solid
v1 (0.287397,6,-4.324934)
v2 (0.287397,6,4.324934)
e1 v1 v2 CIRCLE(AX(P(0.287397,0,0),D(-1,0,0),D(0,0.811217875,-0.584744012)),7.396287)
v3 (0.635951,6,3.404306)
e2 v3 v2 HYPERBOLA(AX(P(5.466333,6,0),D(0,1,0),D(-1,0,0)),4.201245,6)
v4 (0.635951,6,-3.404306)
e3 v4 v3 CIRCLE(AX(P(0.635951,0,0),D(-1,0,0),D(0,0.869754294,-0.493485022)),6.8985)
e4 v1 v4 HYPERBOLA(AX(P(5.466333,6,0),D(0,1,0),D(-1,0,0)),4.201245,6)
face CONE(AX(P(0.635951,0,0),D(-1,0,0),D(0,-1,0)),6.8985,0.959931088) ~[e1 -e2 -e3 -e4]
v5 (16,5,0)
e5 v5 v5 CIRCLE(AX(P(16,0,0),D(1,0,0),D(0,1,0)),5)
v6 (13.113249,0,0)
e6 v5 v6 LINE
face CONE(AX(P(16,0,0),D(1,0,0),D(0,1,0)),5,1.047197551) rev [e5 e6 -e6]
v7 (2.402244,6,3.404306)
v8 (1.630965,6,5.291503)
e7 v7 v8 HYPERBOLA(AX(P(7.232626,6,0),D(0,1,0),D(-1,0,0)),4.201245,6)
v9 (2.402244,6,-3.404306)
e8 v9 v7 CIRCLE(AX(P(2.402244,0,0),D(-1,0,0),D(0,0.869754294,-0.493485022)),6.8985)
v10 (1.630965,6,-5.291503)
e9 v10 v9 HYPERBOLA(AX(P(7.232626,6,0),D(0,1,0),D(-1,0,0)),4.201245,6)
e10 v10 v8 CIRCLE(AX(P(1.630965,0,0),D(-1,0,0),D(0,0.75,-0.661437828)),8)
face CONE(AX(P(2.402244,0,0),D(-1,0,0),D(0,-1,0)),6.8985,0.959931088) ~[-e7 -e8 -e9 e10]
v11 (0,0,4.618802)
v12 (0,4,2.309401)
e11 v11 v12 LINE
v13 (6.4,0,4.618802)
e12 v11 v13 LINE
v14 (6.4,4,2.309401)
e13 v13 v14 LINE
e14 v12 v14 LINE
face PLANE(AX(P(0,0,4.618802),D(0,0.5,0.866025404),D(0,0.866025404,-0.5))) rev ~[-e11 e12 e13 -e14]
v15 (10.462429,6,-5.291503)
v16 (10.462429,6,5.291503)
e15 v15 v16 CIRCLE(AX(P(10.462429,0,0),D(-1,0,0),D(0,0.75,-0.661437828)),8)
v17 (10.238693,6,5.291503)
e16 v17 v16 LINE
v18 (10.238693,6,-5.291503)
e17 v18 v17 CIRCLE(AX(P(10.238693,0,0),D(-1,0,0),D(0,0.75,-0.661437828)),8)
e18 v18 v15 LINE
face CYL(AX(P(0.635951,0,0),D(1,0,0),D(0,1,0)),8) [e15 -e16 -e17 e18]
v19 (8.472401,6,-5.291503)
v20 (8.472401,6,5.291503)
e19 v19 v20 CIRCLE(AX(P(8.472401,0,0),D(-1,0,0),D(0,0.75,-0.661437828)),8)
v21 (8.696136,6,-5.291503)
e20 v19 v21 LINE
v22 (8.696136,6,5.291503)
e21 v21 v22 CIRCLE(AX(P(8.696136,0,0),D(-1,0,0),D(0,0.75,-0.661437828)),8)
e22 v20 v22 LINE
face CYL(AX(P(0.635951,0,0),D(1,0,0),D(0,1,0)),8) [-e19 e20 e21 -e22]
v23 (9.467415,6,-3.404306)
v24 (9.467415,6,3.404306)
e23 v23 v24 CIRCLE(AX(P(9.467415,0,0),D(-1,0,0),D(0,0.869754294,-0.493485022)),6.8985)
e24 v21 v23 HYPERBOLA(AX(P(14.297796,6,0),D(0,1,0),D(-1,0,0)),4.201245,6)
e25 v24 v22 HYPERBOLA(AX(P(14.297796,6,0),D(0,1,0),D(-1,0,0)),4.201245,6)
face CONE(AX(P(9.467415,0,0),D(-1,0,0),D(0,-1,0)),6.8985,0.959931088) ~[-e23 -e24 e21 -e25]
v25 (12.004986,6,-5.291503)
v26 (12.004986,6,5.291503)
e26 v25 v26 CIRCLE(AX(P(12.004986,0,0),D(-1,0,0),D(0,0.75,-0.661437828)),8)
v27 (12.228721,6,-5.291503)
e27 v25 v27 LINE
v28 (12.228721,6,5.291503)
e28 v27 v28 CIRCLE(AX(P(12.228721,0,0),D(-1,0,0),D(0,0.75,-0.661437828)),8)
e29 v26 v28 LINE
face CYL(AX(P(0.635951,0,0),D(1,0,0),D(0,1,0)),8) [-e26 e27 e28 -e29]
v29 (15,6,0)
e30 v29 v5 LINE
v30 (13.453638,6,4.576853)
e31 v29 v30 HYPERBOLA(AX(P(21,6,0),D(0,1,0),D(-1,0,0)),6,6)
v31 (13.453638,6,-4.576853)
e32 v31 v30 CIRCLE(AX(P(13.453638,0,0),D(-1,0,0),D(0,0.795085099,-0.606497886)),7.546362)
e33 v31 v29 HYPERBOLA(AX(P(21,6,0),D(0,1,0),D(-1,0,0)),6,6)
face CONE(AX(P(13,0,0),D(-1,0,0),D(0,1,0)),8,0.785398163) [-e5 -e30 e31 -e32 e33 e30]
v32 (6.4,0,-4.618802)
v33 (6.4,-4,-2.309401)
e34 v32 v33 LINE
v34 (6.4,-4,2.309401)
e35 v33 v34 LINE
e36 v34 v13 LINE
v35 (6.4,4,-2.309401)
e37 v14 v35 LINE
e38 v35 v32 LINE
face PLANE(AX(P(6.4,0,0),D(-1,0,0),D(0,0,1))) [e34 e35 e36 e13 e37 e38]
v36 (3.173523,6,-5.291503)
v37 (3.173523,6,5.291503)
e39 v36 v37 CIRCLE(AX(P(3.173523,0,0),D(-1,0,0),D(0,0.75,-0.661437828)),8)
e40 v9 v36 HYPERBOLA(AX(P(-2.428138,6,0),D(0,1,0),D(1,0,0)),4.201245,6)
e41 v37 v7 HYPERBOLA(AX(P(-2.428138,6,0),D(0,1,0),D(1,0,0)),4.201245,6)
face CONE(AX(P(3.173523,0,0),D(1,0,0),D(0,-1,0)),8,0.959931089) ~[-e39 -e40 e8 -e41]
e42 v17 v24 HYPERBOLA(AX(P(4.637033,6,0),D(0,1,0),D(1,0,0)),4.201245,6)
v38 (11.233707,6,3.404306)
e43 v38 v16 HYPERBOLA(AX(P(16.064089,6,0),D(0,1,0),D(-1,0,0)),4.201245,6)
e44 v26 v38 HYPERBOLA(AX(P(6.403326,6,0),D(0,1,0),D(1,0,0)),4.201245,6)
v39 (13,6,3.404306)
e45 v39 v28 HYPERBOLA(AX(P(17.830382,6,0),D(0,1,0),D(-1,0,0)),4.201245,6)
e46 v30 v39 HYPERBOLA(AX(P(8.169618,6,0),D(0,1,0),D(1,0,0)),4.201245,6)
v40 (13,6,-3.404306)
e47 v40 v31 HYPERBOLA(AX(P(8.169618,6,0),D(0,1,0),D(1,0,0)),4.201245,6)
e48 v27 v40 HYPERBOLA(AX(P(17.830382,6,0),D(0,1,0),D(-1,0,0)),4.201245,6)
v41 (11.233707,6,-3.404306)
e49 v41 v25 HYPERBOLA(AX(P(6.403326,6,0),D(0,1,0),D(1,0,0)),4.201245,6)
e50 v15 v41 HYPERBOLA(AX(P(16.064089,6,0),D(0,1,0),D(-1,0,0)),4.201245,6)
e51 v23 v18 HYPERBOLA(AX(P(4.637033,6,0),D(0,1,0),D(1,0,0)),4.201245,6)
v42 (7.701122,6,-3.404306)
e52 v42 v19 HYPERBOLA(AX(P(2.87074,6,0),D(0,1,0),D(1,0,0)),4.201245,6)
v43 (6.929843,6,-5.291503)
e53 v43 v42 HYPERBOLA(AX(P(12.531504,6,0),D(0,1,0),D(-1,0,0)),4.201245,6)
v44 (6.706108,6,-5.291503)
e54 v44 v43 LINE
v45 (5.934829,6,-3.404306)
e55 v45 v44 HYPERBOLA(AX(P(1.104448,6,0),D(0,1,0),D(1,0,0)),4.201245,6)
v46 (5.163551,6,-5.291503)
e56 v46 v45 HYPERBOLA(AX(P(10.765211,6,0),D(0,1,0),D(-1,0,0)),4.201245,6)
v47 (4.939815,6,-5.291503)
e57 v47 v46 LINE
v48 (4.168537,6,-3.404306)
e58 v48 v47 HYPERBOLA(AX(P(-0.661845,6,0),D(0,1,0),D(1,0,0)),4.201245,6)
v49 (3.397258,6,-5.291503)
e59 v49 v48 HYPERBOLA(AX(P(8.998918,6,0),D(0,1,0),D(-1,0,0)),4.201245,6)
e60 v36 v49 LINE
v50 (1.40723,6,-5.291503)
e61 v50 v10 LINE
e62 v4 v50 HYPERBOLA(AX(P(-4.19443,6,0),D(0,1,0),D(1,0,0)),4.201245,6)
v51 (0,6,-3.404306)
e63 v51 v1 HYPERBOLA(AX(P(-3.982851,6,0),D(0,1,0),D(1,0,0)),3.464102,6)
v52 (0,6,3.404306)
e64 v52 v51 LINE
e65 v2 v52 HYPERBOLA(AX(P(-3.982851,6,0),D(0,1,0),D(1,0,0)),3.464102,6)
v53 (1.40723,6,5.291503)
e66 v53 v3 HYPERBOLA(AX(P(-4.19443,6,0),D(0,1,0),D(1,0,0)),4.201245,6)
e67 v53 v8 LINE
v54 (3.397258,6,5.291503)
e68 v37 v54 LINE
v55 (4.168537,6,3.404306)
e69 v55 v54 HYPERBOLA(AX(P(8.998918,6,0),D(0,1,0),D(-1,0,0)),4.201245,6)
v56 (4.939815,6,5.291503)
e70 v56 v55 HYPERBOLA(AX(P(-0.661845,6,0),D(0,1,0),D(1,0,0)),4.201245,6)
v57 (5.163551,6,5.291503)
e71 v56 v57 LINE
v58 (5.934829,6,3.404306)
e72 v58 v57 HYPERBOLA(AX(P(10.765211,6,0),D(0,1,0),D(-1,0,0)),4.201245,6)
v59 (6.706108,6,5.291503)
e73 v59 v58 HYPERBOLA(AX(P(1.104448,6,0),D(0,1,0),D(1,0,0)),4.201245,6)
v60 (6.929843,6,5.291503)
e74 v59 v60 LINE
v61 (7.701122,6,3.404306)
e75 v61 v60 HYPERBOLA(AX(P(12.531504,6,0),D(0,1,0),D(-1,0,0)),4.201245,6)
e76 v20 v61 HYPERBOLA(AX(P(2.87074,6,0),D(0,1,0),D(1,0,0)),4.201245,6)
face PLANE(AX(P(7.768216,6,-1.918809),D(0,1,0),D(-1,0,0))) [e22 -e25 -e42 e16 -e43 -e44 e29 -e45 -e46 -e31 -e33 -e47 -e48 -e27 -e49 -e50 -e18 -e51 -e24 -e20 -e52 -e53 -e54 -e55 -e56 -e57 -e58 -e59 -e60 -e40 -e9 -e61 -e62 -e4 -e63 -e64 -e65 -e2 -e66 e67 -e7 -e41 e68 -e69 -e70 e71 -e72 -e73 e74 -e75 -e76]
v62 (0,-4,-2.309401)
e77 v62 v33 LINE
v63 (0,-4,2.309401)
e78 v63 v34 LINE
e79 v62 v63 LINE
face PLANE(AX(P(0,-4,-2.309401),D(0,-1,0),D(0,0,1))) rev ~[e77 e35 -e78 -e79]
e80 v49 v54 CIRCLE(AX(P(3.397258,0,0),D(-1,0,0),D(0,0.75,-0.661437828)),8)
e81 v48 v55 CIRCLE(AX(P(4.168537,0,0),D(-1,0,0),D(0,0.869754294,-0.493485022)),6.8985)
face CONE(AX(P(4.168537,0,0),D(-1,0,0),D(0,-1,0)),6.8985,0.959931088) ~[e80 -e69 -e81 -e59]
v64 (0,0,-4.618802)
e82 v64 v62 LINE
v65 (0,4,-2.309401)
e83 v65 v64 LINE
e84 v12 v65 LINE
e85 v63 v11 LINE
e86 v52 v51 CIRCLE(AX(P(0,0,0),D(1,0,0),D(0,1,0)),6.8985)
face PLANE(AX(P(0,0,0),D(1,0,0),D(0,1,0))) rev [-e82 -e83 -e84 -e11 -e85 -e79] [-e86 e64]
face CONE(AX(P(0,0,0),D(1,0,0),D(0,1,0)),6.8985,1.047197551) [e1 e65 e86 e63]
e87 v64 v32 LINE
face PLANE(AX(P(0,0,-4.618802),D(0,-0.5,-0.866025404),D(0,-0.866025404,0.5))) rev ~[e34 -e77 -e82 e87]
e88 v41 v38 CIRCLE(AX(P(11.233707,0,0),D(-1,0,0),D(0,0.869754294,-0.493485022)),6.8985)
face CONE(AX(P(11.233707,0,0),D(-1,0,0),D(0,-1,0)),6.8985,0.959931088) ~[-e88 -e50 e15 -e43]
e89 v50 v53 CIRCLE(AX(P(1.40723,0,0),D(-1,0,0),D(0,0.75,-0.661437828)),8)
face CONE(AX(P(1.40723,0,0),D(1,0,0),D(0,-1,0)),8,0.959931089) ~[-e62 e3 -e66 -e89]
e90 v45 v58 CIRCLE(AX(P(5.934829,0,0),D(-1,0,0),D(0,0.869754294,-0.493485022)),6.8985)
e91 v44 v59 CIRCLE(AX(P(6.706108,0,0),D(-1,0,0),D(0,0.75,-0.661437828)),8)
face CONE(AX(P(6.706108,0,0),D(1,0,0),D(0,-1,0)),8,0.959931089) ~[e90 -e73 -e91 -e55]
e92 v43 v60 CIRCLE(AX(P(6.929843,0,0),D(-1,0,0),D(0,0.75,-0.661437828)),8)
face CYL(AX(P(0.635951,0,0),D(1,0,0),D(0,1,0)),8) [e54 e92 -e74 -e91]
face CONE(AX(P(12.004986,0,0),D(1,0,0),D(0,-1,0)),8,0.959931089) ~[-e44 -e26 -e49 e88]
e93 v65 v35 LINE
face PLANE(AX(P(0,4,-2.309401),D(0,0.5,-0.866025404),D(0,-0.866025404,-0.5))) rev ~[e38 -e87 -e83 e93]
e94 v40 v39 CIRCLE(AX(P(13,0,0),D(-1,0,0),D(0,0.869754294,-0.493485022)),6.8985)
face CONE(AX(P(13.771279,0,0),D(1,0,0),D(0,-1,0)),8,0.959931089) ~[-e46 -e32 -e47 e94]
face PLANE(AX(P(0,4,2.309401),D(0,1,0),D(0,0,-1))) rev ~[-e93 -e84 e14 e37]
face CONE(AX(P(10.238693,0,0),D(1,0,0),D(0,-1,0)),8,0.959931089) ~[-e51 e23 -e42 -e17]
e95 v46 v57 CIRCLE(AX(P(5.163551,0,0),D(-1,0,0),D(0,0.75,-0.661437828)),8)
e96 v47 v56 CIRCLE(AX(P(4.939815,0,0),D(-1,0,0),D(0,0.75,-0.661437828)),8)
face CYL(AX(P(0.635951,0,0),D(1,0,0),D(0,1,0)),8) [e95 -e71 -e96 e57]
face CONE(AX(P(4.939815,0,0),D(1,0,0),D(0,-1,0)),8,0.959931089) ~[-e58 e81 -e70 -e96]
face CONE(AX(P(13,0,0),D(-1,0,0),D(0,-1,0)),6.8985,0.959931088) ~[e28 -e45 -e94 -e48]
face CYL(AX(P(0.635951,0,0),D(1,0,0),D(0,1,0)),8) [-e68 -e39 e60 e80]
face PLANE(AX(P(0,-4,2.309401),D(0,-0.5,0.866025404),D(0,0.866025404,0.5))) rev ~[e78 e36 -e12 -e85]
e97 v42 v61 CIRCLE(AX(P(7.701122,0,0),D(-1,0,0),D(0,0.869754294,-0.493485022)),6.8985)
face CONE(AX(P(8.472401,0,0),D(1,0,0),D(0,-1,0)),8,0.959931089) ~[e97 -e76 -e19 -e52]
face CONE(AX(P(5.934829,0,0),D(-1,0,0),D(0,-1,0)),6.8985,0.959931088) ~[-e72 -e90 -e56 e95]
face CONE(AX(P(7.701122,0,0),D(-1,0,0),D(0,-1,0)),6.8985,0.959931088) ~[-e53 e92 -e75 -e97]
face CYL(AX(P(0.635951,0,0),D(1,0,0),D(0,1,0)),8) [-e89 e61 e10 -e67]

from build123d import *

# Parameters (mm, degrees)
HEX_2_DEPTH        = 6.4
THDSCHPAT_COUNT    = 8
THDSCHPAT_PITCH    = 1.766292682
SKETCH3_W          = 30.420600684
SKETCH3_H          = 33.851495499
CUT_EXTRUDE1_DEPTH = 2


with BuildPart() as part:
    # BodySke → BaseBody (revolve)
    with BuildSketch(Plane.XY):
        Polygon((0, 0), (0, 6.8985), (0.635951322, 8), (13, 8), (16, 5), (13.113248654, 0), align=None)
    revolve(axis=Axis((-12.7, 0, 0), (1, 0, 0)))

    # Sketch2 → Hex 2 (cut)
    with BuildSketch(Plane.ZY):
        Polygon((2.309401077, 4), (-2.309401077, 4), (-4.618802154, 0), (-2.309401077, -4), (2.309401077, -4), (4.618802154, 0), align=None)
    extrude(amount=-HEX_2_DEPTH, mode=Mode.SUBTRACT)

    # ThdSchSke → ThreadSchematic (revolve, cut)
    with BuildSketch(Plane.XY):
        Polygon((0.635951322, -6.8985), (-0.135327282, -8), (-0.135327282, -10), (1.407229925, -10), (1.407229925, -8), align=None)
    threadschematic = revolve(axis=Axis((-3.175, 0, 0), (1, 0, 0)), mode=Mode.SUBTRACT)

    # ThdSchPat: ThreadSchematic ×8
    with Locations(*[(i * THDSCHPAT_PITCH, 0, 0) for i in range(1, THDSCHPAT_COUNT)]):
        add(threadschematic, mode=Mode.SUBTRACT)

    # Sketch3 → Cut-Extrude1 (cut)
    with BuildSketch(Plane(origin=(0, 8, 0), x_dir=(-1, 0, 0), z_dir=(0, 1, 0))):
        with Locations((-7.768215545, -1.918808929)):
            Rectangle(SKETCH3_W, SKETCH3_H)
    extrude(amount=-CUT_EXTRUDE1_DEPTH, mode=Mode.SUBTRACT)


solid = part.part
